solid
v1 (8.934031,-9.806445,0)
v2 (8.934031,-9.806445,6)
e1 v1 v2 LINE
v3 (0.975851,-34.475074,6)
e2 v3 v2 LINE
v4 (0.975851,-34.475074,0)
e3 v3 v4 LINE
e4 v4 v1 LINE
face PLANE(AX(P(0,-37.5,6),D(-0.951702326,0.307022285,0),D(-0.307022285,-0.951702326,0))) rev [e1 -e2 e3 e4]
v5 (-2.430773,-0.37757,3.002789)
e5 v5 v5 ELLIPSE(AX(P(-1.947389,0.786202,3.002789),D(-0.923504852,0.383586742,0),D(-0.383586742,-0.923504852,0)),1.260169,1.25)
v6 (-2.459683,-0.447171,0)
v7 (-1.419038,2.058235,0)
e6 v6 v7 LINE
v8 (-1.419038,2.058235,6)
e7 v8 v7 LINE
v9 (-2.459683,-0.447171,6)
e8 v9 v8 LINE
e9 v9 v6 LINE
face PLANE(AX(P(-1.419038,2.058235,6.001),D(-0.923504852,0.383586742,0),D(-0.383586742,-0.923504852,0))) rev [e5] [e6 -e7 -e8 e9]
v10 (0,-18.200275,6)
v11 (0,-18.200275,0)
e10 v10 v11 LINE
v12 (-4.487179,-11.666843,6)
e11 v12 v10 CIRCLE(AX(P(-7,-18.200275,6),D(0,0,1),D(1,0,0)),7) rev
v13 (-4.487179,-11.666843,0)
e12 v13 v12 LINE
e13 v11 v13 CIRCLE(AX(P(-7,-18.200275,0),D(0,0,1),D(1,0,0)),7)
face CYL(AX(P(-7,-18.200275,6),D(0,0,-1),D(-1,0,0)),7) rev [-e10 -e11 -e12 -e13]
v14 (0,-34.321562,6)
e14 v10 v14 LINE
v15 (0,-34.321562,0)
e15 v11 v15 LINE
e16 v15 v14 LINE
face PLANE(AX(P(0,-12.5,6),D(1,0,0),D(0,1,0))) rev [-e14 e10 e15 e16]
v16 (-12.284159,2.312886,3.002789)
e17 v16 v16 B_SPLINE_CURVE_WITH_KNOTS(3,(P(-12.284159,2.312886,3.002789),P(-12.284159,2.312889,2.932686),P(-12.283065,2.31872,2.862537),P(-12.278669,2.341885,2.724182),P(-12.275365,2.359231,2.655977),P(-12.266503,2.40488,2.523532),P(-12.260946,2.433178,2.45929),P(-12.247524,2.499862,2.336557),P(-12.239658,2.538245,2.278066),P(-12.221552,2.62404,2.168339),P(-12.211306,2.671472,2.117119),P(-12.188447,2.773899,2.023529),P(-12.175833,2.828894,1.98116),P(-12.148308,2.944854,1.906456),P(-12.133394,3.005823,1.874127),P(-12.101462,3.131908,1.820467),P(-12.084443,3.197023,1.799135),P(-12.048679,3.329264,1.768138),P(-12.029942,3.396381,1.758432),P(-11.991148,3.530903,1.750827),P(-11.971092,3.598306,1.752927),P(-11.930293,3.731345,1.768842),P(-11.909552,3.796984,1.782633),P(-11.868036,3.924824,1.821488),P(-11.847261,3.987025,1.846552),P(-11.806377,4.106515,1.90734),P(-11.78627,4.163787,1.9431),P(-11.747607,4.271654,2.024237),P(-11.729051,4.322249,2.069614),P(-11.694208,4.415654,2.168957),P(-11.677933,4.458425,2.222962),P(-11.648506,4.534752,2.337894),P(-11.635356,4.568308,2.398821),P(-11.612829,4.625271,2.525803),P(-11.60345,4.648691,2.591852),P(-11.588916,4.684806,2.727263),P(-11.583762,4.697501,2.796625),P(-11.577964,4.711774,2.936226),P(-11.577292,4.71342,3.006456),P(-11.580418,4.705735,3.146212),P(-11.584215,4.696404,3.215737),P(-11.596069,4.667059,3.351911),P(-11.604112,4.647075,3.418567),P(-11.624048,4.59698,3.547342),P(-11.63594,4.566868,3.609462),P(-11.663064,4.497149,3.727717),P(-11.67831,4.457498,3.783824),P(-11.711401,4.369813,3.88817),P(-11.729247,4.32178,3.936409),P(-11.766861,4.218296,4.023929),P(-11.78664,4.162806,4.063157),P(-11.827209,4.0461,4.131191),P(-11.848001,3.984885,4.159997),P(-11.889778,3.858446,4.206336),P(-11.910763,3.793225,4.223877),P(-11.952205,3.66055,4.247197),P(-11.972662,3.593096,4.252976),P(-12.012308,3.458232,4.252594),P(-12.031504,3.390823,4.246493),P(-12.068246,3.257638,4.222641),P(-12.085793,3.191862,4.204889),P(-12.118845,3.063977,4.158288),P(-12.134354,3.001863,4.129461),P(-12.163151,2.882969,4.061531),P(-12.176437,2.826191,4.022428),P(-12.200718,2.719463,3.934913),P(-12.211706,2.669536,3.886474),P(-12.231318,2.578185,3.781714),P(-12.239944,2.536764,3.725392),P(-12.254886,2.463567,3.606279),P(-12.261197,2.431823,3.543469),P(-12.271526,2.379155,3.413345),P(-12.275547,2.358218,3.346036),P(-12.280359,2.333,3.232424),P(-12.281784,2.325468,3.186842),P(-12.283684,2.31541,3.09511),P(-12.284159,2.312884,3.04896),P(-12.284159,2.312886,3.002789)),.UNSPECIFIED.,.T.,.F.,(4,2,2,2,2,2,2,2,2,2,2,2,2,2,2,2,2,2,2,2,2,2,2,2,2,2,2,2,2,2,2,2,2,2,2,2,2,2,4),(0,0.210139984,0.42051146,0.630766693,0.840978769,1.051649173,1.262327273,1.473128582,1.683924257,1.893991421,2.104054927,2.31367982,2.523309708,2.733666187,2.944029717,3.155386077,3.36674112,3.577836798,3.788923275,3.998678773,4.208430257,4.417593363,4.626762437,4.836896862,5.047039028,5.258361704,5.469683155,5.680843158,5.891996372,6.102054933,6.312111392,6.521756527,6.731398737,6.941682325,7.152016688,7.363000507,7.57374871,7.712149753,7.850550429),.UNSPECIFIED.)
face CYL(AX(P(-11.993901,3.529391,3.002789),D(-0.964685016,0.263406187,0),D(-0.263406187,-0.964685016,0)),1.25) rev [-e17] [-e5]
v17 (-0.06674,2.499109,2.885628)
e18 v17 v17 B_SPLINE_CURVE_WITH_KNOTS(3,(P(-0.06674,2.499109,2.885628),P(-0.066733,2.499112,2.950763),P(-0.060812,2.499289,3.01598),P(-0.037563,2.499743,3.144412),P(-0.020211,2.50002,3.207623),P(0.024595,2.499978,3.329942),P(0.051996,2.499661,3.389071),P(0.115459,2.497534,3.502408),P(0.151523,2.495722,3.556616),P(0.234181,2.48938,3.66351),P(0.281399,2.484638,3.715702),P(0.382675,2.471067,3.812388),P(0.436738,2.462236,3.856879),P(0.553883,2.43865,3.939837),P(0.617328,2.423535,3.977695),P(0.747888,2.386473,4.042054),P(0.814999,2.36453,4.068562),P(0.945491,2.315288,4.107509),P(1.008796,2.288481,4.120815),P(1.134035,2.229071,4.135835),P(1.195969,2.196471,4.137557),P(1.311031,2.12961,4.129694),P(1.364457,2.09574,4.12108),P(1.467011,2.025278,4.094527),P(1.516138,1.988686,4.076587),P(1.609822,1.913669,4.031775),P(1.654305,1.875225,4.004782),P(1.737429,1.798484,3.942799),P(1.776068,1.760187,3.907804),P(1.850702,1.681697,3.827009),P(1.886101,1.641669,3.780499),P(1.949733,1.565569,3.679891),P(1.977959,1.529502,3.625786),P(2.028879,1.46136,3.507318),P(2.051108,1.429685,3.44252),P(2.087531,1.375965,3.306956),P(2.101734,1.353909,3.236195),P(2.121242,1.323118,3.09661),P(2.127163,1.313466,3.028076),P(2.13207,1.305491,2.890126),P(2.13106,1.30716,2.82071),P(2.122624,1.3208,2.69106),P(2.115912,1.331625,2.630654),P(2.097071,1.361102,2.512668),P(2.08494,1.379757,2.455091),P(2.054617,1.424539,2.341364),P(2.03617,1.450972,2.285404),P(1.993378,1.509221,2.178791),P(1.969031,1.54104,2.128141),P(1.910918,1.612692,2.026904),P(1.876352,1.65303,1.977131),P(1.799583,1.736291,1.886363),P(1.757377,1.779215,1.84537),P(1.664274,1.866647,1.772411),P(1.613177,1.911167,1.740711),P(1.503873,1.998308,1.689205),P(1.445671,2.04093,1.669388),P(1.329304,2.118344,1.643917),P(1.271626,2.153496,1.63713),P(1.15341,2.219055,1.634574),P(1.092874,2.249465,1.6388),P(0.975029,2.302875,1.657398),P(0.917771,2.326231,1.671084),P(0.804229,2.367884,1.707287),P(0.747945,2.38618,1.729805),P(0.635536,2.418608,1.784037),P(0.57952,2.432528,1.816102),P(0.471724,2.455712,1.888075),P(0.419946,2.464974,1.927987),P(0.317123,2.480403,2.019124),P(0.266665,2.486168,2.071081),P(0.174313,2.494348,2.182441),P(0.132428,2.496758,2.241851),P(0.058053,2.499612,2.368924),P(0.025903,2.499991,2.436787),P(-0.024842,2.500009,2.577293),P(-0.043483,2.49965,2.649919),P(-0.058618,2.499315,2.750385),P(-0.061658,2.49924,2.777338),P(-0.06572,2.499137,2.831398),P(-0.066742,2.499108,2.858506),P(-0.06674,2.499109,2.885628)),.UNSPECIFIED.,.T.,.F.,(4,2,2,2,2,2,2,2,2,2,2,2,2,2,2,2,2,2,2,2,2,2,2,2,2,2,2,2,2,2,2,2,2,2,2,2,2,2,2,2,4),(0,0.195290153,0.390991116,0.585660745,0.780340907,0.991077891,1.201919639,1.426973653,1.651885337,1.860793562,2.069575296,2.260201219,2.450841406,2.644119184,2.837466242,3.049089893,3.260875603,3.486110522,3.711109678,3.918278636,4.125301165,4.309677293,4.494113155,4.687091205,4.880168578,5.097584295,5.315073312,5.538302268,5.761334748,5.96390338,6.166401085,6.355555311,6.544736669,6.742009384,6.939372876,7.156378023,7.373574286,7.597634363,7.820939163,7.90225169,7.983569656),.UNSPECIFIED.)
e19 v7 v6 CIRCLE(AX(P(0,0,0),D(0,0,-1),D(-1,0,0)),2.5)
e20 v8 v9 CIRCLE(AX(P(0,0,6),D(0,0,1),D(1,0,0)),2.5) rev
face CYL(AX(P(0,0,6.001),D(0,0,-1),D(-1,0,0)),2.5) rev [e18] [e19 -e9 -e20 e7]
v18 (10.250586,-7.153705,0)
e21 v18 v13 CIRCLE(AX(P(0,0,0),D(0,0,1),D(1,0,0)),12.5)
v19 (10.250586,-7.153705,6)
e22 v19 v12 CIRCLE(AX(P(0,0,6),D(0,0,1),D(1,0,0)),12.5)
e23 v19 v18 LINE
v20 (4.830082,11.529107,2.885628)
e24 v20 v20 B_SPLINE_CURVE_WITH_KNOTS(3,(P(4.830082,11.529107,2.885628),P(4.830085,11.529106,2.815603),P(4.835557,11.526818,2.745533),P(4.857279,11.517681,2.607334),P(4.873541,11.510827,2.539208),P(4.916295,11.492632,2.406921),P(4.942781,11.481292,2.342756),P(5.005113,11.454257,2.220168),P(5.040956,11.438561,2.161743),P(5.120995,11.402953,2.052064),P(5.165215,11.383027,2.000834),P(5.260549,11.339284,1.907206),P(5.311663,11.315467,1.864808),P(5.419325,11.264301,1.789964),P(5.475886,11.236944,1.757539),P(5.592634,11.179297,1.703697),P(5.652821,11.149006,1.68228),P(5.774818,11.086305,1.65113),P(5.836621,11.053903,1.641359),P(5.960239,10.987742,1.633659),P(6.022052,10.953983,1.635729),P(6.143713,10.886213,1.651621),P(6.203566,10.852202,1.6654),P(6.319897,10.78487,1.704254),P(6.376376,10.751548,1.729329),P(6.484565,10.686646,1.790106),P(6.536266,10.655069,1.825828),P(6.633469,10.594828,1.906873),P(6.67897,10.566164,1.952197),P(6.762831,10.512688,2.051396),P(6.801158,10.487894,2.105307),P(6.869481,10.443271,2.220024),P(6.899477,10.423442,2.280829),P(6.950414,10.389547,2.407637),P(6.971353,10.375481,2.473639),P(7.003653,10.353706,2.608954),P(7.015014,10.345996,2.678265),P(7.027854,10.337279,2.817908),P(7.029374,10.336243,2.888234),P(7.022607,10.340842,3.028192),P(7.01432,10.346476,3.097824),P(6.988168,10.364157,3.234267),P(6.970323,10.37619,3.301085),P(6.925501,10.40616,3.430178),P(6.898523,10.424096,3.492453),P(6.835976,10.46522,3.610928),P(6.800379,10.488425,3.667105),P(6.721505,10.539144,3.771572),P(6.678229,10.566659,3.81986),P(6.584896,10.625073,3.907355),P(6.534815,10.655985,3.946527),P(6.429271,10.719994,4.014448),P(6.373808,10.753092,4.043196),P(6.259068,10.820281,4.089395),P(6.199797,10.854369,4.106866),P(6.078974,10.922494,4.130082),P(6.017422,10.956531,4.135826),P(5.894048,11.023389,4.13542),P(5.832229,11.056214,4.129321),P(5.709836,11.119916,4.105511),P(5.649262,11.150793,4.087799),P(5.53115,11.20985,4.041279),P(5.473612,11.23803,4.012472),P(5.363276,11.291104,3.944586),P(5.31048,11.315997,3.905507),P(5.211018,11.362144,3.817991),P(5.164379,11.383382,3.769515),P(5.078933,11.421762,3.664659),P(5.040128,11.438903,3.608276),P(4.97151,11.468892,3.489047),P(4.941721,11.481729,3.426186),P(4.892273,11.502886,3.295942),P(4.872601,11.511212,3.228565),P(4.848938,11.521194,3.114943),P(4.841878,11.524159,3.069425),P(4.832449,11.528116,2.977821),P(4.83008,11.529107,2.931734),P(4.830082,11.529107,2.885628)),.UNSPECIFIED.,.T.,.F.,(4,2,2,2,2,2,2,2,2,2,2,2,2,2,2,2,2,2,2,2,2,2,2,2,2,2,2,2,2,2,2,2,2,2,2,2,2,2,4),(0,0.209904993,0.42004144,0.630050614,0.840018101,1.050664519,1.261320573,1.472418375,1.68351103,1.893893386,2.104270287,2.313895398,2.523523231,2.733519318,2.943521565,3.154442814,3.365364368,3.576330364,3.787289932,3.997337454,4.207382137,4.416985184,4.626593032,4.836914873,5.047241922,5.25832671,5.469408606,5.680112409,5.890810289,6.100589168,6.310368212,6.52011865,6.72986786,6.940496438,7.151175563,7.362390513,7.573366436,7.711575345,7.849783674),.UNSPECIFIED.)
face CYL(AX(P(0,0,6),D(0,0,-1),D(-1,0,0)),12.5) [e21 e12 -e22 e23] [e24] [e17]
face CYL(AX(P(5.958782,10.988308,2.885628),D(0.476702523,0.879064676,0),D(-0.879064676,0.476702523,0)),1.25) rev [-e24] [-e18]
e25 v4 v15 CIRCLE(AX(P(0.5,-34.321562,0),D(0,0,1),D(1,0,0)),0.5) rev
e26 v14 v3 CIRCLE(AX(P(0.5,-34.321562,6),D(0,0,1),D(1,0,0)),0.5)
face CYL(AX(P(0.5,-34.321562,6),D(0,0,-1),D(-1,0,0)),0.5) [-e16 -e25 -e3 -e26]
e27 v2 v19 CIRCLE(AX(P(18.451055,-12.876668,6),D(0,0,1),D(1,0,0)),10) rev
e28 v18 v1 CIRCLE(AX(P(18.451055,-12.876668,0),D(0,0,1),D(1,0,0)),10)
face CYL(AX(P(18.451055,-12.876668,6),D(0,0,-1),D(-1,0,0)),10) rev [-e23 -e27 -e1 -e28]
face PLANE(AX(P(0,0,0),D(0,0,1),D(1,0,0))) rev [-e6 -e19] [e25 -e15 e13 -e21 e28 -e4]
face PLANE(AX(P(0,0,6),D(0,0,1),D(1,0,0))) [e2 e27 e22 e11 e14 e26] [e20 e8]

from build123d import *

# Parameters (mm, degrees)
EXTRUDE_1_DEPTH     = 6
FILLET_1_R          = 7
FILLET_2_R          = 10
FILLET_5_R          = 0.5
CUT_EXTRUDE_1_REACH = 39.481
M3X0_5_10_REACH     = 47.736
M3X0_5_10_BORE_R    = 1.25
M3X0_5_9_REACH      = 51.752
M3X0_5_9_BORE_R     = 1.25


with BuildPart() as part:
    # ｽｹｯﾁ1 → ﾎﾞｽ - 押し出し1 (new body)
    with BuildSketch(Plane.XY):
        with BuildLine():
            Line((0, -12.5), (0, -37.5))
            Line((0, -37.5), (9.46282016, -8.167315019))
            ThreePointArc((9.46282016, -8.167315019), (-5.203775661, 11.365329686), (0, -12.5))
        make_face()
    extrude(amount=EXTRUDE_1_DEPTH)

    # ﾌｨﾚｯﾄ1
    fillet_1_edges = [part.edges().sort_by_distance(p)[0] for p in [
        (0, -12.5, 3),
    ]]
    fillet(fillet_1_edges, radius=FILLET_1_R)

    # ﾌｨﾚｯﾄ2
    fillet_2_edges = [part.edges().sort_by_distance(p)[0] for p in [
        (9.46282016, -8.167315019, 3),
    ]]
    fillet(fillet_2_edges, radius=FILLET_2_R)

    # ﾌｨﾚｯﾄ5
    fillet_5_edges = [part.edges().sort_by_distance(p)[0] for p in [
        (0, -37.5, 3),
    ]]
    fillet(fillet_5_edges, radius=FILLET_5_R)

    # ｽｹｯﾁ2 → ｶｯﾄ - 押し出し1 (cut, up to next)
    with BuildSketch(Plane(origin=(0, 0, 0), x_dir=(-1, 0, 0), z_dir=(0, 0, -1)), mode=Mode.PRIVATE) as cut_extrude_1_sk1:
        with BuildLine():
            Line((1.419037816, 2.058235088), (2.459682561, -0.447170771))
            ThreePointArc((2.459682561, -0.447170771), (-2.308762129, -0.958966855), (1.419037816, 2.058235088))
        make_face()
    cut_extrude_1_tool1 = extrude(cut_extrude_1_sk1.sketch, amount=-CUT_EXTRUDE_1_REACH, mode=Mode.PRIVATE) & part.part
    add(cut_extrude_1_tool1.solids().sort_by_distance((0.081308, -0.033772, 0))[0], mode=Mode.SUBTRACT)

    # M3x0.5 ねじ穴10 bore → M3x0.5 ねじ穴10 (cut, up to next)
    with BuildSketch(Plane(origin=(-12.058562703, 3.292577338, 6), x_dir=(0, 0, 1), z_dir=(-0.9646850162772109, 0.2634061870386444, 0)), mode=Mode.PRIVATE) as m3x0_5_10_sk1:
        with Locations((-2.997210871, 0.245482714)):
            Circle(M3X0_5_10_BORE_R)
    m3x0_5_10_tool1 = extrude(m3x0_5_10_sk1.sketch, amount=-M3X0_5_10_REACH, mode=Mode.PRIVATE) & part.part
    add(m3x0_5_10_tool1.solids().sort_by_distance((-11.993901, 3.529391, 3.002789))[0], mode=Mode.SUBTRACT)

    # M3x0.5 ねじ穴9 bore → M3x0.5 ねじ穴9 (cut, up to next)
    with BuildSketch(Plane(origin=(5.958781535, 10.988308451, 0), x_dir=(0.8790646760735905, -0.47670252283749615, 0), z_dir=(0.4767025228374961, 0.8790646760735904, 0)), mode=Mode.PRIVATE) as m3x0_5_9_sk1:
        with Locations((0, -2.885627833)):
            Circle(M3X0_5_9_BORE_R)
    m3x0_5_9_tool1 = extrude(m3x0_5_9_sk1.sketch, amount=-M3X0_5_9_REACH, mode=Mode.PRIVATE) & part.part
    add(m3x0_5_9_tool1.solids().sort_by_distance((5.958782, 10.988308, 2.885628))[0], mode=Mode.SUBTRACT)


solid = part.part
